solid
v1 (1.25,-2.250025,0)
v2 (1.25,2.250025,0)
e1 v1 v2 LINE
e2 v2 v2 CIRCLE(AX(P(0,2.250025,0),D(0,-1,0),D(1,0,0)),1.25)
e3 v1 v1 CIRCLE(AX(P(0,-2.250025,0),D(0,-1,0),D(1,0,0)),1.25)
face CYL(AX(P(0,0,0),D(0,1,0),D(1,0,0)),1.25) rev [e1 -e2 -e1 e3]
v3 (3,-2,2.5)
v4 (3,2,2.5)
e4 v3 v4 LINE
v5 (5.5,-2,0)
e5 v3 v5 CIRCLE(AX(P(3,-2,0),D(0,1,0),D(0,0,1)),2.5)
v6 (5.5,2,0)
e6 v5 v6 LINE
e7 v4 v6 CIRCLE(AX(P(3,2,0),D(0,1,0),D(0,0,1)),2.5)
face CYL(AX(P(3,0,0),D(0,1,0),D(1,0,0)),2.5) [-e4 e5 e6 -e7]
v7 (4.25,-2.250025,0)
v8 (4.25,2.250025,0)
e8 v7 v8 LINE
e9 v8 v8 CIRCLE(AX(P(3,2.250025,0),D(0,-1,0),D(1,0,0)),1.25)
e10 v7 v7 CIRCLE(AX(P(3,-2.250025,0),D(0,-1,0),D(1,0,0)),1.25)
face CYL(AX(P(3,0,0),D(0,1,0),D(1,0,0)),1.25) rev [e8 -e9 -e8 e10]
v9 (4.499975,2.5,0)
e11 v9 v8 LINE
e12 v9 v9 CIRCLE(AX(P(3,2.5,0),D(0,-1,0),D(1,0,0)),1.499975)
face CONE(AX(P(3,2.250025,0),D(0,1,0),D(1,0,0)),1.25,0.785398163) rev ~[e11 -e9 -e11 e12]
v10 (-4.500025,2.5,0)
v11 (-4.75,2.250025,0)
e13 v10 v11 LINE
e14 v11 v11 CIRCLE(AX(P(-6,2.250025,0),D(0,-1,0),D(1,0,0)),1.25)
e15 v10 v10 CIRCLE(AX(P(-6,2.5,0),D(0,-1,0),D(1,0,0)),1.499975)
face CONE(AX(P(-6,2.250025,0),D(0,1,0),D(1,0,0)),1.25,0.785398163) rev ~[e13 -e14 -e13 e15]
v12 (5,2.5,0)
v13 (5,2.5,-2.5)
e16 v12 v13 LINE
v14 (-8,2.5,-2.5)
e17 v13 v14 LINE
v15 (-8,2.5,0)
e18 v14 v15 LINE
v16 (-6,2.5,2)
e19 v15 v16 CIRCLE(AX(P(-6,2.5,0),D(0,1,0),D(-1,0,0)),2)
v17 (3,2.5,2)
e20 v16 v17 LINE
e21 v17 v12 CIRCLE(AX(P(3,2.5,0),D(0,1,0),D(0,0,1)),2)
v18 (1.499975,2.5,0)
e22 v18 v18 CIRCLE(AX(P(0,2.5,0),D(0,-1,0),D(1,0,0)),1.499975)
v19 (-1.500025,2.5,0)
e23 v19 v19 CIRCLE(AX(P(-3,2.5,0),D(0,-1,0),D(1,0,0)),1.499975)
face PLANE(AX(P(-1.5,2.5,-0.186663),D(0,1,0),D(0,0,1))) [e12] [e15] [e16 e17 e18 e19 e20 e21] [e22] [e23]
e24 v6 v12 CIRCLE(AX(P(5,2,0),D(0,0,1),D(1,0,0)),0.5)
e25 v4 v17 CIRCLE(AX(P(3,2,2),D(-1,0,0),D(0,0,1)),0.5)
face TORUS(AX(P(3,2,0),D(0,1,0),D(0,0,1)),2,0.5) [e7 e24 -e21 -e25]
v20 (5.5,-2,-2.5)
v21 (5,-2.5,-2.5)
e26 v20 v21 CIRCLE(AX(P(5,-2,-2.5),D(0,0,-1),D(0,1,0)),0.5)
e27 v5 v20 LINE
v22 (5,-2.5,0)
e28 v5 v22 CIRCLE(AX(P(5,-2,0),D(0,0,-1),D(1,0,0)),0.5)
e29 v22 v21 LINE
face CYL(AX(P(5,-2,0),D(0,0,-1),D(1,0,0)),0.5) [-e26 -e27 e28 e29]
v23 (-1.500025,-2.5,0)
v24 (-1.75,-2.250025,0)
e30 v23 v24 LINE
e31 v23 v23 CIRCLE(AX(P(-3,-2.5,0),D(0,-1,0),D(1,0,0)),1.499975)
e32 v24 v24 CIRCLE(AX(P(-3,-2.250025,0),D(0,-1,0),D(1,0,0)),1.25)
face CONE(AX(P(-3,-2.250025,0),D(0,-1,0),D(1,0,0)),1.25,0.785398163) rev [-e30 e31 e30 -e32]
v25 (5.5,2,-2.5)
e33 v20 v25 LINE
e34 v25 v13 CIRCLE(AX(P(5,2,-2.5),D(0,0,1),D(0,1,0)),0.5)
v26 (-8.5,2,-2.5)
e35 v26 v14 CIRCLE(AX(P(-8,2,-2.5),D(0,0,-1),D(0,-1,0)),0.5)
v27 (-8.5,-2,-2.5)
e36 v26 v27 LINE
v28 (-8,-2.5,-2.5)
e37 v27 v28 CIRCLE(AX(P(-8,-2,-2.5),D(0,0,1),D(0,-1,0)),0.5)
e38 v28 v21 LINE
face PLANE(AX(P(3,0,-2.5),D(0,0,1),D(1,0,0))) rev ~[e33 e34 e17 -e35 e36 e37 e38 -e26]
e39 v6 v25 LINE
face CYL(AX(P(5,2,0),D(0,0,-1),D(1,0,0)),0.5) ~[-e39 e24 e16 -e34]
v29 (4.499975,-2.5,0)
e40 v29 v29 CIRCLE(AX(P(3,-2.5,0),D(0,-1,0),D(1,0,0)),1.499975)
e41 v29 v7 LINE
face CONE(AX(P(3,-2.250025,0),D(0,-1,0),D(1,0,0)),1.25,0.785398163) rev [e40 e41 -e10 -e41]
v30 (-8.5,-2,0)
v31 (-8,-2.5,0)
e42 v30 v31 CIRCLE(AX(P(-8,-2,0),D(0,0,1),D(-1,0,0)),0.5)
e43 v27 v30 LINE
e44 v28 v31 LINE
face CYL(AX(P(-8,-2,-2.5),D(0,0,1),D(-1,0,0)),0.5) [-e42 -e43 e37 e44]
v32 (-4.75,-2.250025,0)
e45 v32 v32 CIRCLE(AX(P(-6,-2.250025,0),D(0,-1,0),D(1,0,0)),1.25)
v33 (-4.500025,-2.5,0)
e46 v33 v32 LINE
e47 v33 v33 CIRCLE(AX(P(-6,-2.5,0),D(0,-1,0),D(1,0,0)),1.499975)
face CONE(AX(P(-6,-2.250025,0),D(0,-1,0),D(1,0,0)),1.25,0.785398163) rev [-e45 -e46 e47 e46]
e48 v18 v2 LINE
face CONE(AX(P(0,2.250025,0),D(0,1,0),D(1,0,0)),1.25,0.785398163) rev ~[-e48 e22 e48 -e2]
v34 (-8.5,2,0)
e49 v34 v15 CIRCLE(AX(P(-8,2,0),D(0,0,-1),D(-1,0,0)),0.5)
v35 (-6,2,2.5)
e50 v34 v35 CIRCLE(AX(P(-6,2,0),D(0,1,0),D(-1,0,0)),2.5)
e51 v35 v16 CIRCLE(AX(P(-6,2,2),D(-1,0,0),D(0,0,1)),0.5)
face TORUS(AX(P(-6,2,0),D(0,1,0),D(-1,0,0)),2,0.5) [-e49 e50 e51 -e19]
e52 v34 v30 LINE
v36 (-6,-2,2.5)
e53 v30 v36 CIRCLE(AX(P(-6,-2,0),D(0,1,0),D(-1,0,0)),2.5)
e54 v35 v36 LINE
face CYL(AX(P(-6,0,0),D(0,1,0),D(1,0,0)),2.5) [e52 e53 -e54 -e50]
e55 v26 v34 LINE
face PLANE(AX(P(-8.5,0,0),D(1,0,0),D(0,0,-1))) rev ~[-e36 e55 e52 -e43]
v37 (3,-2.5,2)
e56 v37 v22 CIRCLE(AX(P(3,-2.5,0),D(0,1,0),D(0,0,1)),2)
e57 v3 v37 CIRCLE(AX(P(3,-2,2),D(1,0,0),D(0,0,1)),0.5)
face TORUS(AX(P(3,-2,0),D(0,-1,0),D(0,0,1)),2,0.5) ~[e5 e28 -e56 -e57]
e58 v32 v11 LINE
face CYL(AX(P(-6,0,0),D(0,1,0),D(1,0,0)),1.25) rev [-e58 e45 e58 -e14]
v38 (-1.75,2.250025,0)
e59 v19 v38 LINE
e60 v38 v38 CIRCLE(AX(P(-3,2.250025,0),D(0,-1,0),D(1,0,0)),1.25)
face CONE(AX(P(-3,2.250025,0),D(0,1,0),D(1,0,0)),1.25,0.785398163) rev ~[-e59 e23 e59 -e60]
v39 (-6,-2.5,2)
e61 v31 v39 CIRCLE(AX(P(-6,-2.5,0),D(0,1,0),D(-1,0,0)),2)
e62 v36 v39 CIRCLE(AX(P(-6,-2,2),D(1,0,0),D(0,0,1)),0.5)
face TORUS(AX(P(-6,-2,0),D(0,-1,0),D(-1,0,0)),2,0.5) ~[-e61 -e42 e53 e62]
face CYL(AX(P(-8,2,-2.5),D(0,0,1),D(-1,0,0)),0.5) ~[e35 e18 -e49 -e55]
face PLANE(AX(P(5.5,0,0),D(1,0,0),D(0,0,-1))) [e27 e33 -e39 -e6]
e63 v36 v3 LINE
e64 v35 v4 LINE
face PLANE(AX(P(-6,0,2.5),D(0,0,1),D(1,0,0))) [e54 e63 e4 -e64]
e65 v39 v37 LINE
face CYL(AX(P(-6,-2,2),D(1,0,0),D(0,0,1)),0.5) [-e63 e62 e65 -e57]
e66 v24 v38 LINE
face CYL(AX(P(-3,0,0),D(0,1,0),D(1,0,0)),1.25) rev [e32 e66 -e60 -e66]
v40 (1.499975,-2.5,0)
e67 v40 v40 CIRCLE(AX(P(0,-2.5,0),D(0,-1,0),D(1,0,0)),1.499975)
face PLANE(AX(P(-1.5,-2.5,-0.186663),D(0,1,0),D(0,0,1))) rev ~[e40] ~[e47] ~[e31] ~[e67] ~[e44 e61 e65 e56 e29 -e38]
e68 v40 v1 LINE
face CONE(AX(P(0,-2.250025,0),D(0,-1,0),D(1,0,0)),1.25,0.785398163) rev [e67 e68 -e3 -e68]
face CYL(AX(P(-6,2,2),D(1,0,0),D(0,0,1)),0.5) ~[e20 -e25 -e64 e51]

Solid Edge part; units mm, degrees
sketch "Sketch1" plane through (0, 0, 0) normal (0, -1, 0) x (1, 0, 0)
  circle A0 centre (0, 0) radius 1.25
  circle A1 centre (3, 0) radius 1.25
  circle A2 centre (-3, 0) radius 1.25
  circle A3 centre (-6, 0) radius 1.25
  line L0 (-6, 2.5) -> (3, 2.5)
  line L1 (5.5, 0) -> (5.5, -2.5)
  line L2 (3, -2.5) -> (5.5, -2.5)
  line L3 (3, -2.5) -> (-6, -2.5)
  line L4 (-6, -2.5) -> (-8.5, -2.5)
  line L5 (-8.5, 0) -> (-8.5, -2.5)
  arc A4 (-8.5, 0) -> (-6, 2.5) centre (-6, 0) cw
  arc A5 (3, 2.5) -> (5.5, 0) centre (3, 0) cw
extrude "Protrusion1" add sketch "Sketch1" along normal mid plane 5
fillet "Verrundung_1" radius 0.5 10 edges at (-1.5, -2.5, 2.5) (4.7678, -2.5, 1.7678) (5.5, -2.5, -1.25) (-7.7678, -2.5, 1.7678) (-8.5, -2.5, -1.25) (-1.5, 2.5, 2.5) (4.7678, 2.5, 1.7678) (5.5, 2.5, -1.25) (-7.7678, 2.5, 1.7678) (-8.5, 2.5, -1.25)
chamfer "Fase_1" distance 0.25 angle 45 8 edges at (-7.25, -2.5, 0) (-4.25, -2.5, 0) (-1.25, -2.5, 0) (1.75, -2.5, 0) (1.75, 2.5, 0) (-1.25, 2.5, 0) (-4.25, 2.5, 0) (-7.25, 2.5, 0)
